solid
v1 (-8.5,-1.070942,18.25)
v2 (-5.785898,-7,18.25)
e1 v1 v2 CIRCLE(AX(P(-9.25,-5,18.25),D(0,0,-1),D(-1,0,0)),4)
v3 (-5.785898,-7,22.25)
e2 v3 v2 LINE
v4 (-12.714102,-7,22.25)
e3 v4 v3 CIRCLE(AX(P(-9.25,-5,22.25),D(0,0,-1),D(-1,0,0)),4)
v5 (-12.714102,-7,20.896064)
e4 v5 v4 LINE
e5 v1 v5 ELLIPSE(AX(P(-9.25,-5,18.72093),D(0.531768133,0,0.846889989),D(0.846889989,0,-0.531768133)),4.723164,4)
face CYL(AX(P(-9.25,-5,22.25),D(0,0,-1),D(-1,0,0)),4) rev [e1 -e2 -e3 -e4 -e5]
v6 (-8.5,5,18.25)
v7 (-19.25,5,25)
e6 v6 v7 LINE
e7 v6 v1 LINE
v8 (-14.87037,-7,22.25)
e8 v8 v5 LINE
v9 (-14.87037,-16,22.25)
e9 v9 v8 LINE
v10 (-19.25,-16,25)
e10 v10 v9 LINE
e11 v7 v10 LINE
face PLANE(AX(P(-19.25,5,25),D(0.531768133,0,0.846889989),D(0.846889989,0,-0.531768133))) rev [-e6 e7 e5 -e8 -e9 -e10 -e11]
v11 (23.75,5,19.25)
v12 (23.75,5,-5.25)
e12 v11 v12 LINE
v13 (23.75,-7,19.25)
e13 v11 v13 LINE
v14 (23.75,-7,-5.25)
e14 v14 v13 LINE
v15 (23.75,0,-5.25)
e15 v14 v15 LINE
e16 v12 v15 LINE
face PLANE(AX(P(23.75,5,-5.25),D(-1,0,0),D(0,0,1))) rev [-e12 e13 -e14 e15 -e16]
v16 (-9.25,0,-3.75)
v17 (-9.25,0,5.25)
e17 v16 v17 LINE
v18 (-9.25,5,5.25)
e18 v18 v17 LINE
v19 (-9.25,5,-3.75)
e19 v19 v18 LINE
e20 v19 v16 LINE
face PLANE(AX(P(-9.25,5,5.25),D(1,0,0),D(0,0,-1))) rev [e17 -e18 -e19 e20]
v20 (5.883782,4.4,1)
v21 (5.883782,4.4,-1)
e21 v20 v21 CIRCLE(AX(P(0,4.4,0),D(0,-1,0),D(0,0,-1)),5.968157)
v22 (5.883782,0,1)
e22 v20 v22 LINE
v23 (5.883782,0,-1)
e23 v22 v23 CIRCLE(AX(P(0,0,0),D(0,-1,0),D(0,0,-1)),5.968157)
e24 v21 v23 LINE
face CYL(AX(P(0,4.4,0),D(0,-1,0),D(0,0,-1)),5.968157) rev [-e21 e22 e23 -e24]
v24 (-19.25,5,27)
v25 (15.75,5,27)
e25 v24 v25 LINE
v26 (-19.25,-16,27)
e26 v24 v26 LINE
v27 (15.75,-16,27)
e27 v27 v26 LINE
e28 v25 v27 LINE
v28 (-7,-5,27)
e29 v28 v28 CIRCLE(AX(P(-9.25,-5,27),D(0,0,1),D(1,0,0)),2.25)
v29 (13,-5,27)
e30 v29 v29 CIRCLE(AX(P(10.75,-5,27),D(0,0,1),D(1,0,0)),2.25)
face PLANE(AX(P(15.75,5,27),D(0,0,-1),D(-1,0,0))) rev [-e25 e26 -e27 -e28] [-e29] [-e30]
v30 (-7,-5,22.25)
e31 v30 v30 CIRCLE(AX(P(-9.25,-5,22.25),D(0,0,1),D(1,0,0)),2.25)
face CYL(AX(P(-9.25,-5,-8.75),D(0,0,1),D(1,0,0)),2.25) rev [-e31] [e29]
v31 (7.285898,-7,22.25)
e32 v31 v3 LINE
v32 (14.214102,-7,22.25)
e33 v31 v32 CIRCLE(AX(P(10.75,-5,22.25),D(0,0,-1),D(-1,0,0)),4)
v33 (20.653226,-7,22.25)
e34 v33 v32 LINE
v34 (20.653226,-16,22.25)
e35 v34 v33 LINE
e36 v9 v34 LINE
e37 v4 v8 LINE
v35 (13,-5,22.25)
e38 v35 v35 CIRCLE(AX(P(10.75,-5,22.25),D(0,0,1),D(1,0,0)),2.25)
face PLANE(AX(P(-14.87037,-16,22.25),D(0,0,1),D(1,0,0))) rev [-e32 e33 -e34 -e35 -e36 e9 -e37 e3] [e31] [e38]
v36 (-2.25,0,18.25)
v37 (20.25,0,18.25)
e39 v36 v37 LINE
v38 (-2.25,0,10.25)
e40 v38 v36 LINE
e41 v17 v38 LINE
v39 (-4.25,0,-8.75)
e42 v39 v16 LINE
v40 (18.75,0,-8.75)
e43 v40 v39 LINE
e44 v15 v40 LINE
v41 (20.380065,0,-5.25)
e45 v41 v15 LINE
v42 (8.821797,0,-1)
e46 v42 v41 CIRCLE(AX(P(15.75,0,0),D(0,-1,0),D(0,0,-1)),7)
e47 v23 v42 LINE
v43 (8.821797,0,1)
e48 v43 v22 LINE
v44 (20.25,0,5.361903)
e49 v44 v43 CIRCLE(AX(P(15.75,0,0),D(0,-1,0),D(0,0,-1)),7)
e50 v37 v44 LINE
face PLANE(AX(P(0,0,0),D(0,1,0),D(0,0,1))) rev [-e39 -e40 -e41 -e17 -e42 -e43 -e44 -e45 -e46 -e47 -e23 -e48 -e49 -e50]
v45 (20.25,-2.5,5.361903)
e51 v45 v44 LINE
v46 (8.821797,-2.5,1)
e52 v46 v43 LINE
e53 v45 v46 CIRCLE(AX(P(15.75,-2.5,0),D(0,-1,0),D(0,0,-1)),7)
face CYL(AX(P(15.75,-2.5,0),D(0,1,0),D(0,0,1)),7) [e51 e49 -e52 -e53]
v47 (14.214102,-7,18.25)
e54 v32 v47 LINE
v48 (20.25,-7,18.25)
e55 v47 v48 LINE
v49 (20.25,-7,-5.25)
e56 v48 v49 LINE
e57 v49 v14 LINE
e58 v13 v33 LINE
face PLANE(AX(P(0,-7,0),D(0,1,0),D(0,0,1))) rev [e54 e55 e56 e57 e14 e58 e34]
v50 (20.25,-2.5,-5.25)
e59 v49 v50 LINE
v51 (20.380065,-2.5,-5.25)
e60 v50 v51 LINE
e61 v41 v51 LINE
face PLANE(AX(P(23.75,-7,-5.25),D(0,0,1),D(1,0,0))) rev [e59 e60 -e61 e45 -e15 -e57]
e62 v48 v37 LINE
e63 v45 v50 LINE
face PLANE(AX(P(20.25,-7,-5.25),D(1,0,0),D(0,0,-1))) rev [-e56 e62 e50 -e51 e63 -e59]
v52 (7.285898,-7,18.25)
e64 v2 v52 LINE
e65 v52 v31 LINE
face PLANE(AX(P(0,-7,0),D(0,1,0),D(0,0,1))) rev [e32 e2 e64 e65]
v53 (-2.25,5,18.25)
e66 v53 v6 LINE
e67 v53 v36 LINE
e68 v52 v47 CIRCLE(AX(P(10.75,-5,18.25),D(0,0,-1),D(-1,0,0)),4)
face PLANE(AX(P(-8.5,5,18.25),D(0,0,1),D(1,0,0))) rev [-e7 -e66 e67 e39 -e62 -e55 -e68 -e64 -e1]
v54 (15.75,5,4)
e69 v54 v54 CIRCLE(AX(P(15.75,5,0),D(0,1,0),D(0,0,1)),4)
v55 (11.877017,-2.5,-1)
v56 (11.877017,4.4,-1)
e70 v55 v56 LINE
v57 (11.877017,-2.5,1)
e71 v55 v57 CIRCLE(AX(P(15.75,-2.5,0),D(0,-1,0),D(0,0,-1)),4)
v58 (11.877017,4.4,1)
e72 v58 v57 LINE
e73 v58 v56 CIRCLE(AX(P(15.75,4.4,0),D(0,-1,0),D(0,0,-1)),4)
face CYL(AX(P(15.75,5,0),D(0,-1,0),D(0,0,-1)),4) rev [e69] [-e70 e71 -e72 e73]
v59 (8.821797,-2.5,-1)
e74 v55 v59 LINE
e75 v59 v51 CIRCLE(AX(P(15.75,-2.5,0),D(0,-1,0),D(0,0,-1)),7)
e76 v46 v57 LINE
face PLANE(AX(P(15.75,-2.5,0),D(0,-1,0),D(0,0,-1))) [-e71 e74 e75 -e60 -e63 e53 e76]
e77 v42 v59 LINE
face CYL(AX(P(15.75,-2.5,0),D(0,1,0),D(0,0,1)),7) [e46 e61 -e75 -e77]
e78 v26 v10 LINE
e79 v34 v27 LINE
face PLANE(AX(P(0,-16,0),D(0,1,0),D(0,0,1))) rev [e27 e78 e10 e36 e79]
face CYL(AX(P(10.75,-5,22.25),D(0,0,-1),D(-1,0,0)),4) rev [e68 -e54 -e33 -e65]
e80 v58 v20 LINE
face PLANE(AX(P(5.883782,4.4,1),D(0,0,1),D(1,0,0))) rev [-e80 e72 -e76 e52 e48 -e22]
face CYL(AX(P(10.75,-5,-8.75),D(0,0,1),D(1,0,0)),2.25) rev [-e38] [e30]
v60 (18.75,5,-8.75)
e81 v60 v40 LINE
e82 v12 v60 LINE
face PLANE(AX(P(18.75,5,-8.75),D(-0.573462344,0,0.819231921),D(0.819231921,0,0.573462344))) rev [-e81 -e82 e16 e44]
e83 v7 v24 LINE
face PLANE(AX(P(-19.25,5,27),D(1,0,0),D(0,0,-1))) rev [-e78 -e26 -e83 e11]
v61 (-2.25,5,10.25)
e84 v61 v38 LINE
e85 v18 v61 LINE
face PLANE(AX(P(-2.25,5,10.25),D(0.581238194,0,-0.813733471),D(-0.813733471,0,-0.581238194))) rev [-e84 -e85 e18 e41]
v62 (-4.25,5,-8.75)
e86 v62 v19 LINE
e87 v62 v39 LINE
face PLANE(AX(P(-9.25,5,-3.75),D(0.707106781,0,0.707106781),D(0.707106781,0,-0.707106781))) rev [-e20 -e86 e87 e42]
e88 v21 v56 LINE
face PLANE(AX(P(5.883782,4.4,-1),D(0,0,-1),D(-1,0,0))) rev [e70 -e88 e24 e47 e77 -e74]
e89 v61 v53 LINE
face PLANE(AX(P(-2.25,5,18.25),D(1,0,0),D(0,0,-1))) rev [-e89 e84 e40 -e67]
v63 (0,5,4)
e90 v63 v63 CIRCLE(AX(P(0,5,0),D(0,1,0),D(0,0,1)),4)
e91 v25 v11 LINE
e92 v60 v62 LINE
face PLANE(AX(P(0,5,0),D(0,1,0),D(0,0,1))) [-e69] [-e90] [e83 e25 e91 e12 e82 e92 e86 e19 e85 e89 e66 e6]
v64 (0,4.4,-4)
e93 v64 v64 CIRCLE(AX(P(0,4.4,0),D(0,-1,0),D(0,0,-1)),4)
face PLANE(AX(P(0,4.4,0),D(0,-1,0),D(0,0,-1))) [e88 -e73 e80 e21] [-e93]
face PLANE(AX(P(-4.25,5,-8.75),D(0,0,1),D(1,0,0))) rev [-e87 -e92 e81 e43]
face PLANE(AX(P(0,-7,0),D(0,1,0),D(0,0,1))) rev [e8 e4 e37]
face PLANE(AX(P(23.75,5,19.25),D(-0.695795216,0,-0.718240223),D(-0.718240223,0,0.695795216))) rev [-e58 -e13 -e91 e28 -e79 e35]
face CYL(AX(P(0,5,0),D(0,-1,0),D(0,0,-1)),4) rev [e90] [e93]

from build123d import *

# Parameters (mm, degrees)
SKETCH1_R           = 4
BOSS_EXTRUDE1_DEPTH = 5
BOSS_EXTRUDE2_DEPTH = 7
BOSS_EXTRUDE3_DEPTH = 16
SKETCH6_R           = 7
SKETCH6_R_2         = 4
BOSS_EXTRUDE4_DEPTH = 2.5
CUT_EXTRUDE1_DEPTH  = 4.4
CUT_EXTRUDE2_DEPTH  = 21.4
SKETCH8_R           = 2.25
CUT_EXTRUDE3_DEPTH  = 36.75
SKETCH9_R           = 4
CUT_EXTRUDE4_DEPTH  = 4


with BuildPart() as part:
    # Sketch1 → Boss-Extrude1 (new body)
    with BuildSketch(Plane(origin=(0, 0, 0), x_dir=(1, 0, 0), z_dir=(0, 1, 0))):
        Polygon((-4.25, 8.75), (18.75, 8.75), (23.75, 5.25), (23.75, -19.25), (15.75, -27), (-19.25, -27), (-19.25, -25), (-8.5, -18.25), (-2.25, -18.25), (-2.25, -10.25), (-9.25, -5.25), (-9.25, 3.75), align=None)
        Circle(SKETCH1_R, mode=Mode.SUBTRACT)
        with Locations((15.75, 0)):
            Circle(SKETCH1_R, mode=Mode.SUBTRACT)
    extrude(amount=BOSS_EXTRUDE1_DEPTH)

    # Sketch2 → Boss-Extrude2 (add)
    with BuildSketch(Plane.XZ):
        Polygon((23.75, 19.25), (23.75, -5.25), (20.25, -5.25), (20.25, 18.25), (-8.5, 18.25), (-14.87037037, 22.25), (20.653225806, 22.25), align=None)
    extrude(amount=BOSS_EXTRUDE2_DEPTH)

    # Sketch3 → Boss-Extrude3 (add)
    with BuildSketch(Plane.XZ):
        Polygon((-14.87037037, 22.25), (20.653225806, 22.25), (15.75, 27), (-19.25, 27), (-19.25, 25), align=None)
    extrude(amount=BOSS_EXTRUDE3_DEPTH)

    # Sketch6 → Boss-Extrude4 (add)
    with BuildSketch(Plane.XZ):
        with Locations((15.75, 0)):
            Circle(SKETCH6_R)
        with Locations((15.75, 0)):
            Circle(SKETCH6_R_2, mode=Mode.SUBTRACT)
    extrude(amount=BOSS_EXTRUDE4_DEPTH)

    # Sketch4 → Cut-Extrude1 (cut)
    with BuildSketch(Plane.XZ):
        with BuildLine():
            Line((5.883782294, -1), (12.395898034, -1))
            ThreePointArc((12.395898034, -1), (12.25, 0), (12.395898034, 1))
            Line((12.395898034, 1), (5.883782294, 1))
            ThreePointArc((5.883782294, 1), (-5.968156673, 0), (5.883782294, -1))
        make_face()
    extrude(amount=-CUT_EXTRUDE1_DEPTH, mode=Mode.SUBTRACT)

    # Sketch7 → Cut-Extrude2 (cut, through all)
    with BuildSketch(Plane.XZ.offset(-4.4)):
        with BuildLine():
            Line((5.883782294, -1), (11.877016654, -1))
            ThreePointArc((11.877016654, -1), (11.75, 0), (11.877016654, 1))
            Line((11.877016654, 1), (5.883782294, 1))
            ThreePointArc((5.883782294, 1), (-5.968156673, 0), (5.883782294, -1))
        make_face()
    extrude(amount=CUT_EXTRUDE2_DEPTH, mode=Mode.SUBTRACT)

    # Sketch8 → Cut-Extrude3 (cut, through all)
    with BuildSketch(Plane.XY.offset(27)):
        with Locations((10.75, -5)):
            Circle(SKETCH8_R)
        with Locations((-9.25, -5)):
            Circle(SKETCH8_R)
    extrude(amount=-CUT_EXTRUDE3_DEPTH, mode=Mode.SUBTRACT)

    # Sketch9 → Cut-Extrude4 (cut)
    with BuildSketch(Plane(origin=(0, 0, 18.25), x_dir=(-1, 0, 0), z_dir=(0, 0, -1))):
        with Locations((-10.75, -5)):
            Circle(SKETCH9_R)
        with Locations((9.25, -5)):
            Circle(SKETCH9_R)
    extrude(amount=-CUT_EXTRUDE4_DEPTH, mode=Mode.SUBTRACT)


solid = part.part
